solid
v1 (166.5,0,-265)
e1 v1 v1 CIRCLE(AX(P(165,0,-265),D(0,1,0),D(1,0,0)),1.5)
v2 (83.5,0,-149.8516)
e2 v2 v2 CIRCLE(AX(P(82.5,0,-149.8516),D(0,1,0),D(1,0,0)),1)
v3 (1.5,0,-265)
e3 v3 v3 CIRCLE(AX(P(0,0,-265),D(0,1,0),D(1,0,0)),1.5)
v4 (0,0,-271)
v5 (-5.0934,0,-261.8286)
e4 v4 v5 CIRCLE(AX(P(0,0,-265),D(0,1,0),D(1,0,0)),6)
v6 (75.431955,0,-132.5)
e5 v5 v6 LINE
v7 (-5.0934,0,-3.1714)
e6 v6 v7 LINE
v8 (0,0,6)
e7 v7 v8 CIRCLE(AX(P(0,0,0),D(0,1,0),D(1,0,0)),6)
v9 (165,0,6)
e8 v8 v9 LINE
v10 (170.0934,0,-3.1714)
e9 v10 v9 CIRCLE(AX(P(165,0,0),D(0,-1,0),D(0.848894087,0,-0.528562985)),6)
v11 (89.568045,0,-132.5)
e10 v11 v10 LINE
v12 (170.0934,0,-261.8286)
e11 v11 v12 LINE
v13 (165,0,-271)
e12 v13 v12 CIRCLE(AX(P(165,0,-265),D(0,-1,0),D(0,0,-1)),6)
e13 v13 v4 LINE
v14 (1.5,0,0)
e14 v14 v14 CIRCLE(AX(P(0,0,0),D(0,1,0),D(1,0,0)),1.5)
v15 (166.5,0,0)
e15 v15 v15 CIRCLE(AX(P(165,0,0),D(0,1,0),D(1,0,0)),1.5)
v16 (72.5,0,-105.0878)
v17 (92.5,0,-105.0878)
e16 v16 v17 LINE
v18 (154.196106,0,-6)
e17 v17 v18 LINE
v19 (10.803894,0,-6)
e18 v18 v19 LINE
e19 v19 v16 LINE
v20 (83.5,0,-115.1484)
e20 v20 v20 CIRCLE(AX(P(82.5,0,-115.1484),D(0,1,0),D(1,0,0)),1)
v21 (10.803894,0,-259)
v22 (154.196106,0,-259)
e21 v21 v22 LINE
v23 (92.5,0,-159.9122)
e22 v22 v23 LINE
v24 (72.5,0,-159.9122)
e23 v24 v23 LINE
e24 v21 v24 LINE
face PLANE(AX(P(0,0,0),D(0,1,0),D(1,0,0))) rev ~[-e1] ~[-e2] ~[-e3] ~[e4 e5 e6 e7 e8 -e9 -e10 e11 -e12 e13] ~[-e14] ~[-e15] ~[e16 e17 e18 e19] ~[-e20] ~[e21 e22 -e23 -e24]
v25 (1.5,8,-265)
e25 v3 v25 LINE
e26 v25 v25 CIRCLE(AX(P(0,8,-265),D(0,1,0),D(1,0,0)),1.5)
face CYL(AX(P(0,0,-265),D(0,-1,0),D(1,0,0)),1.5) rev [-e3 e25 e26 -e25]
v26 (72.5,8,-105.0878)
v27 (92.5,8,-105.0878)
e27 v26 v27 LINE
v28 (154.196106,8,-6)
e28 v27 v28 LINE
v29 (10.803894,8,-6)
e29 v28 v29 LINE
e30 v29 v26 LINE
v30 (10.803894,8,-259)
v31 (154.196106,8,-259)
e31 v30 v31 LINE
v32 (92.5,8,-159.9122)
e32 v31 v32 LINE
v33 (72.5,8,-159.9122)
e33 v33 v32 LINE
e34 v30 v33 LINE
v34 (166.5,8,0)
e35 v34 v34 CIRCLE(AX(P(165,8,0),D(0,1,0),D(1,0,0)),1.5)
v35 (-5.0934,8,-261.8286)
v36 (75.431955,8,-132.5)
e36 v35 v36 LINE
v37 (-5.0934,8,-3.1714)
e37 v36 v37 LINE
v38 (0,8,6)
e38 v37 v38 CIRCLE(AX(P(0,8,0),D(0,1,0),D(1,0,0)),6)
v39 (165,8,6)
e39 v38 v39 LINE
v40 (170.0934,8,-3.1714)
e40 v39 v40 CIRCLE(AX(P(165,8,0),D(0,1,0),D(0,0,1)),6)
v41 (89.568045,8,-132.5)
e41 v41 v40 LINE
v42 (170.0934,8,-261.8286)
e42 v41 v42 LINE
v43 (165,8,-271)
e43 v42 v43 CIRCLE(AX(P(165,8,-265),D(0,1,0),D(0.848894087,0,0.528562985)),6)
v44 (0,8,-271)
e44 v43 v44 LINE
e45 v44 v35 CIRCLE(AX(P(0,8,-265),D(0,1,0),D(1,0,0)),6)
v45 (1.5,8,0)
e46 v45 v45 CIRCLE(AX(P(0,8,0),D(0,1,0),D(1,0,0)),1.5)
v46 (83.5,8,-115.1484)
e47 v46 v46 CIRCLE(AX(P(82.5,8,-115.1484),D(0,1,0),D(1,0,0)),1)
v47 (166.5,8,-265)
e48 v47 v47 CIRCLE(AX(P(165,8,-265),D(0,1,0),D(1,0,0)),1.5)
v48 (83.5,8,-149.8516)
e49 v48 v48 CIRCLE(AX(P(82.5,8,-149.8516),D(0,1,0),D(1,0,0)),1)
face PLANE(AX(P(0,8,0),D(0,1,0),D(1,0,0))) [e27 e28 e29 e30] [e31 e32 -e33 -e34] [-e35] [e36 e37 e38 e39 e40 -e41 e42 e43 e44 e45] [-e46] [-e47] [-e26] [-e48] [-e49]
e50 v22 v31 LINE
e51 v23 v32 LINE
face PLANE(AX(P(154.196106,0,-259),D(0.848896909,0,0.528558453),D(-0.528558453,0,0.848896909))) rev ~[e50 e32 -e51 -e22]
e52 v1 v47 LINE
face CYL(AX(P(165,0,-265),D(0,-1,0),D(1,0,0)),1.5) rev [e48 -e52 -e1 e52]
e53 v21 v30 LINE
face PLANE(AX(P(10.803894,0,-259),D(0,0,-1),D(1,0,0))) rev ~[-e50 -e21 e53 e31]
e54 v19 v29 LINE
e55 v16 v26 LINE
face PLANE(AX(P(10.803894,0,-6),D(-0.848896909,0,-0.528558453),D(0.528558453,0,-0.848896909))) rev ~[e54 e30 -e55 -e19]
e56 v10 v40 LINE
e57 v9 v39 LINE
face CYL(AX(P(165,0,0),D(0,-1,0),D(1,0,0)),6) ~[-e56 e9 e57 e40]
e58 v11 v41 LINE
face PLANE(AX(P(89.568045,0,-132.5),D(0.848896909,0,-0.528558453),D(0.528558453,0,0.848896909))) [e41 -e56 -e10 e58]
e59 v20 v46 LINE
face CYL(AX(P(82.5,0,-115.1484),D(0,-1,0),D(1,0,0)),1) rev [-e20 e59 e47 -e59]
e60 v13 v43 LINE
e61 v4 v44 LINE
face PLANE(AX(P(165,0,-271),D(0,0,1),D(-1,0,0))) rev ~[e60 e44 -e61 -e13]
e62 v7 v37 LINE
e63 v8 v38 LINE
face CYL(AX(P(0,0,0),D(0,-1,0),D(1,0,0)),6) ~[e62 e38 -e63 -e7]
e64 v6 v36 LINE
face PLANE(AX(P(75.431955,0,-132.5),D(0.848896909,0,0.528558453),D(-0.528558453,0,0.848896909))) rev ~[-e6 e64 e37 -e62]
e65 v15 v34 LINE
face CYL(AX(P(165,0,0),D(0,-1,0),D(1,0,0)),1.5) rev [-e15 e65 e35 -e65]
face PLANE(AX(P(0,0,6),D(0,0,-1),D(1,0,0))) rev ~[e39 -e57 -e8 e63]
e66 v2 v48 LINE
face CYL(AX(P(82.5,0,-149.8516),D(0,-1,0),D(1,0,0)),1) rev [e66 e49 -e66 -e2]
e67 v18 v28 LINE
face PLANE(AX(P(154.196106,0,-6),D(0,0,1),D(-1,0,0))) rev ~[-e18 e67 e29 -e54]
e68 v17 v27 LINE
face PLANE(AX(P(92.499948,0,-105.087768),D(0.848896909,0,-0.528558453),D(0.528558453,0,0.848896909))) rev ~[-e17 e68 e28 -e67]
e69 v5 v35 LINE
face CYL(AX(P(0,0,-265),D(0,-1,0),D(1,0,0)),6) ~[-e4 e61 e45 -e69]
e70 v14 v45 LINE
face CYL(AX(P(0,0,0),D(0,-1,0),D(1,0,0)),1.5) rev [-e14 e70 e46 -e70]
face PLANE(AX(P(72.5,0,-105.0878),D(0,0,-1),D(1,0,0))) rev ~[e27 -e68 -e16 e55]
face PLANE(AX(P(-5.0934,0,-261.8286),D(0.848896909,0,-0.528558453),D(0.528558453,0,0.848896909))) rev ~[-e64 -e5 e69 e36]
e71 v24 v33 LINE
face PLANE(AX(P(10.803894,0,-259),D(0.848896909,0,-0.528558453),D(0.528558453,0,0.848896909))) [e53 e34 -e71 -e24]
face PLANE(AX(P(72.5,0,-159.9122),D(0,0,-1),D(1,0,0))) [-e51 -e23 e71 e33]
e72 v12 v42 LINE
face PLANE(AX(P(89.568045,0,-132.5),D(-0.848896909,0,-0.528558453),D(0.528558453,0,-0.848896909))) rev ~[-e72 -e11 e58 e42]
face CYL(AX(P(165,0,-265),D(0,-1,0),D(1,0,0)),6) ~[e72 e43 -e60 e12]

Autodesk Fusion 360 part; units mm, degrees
sketch "Sketch1" plane through (0, 0, 0) normal (0, 1, 0) x (1, 0, 0)
  circle A0 centre (0, 0) radius 1.5
  circle A1 centre (165, 0) radius 1.5
  circle A2 centre (0, 265) radius 1.5
  circle A3 centre (165, 265) radius 1.5
  line L0 (0, 0) -> (0, 265) construction
  line L1 (0, 0) -> (165, 0) construction
  line L2 (165, 0) -> (165, 265) construction
  line L3 (165, 265) -> (0, 265) construction
  circle A4 centre (0, 0) radius 6
  circle A5 centre (165, 0) radius 6
  circle A6 centre (165, 265) radius 6
  circle A7 centre (0, 265) radius 6
  line L4 (-5.0934, 261.8286) -> (159.9066, -3.1714)
  line L5 (5.0934, 268.1714) -> (170.0934, 3.1714)
  line L6 (5.0934, -3.1714) -> (170.0934, 261.8286)
  line L7 (159.9066, 268.1714) -> (-5.0934, 3.1714)
  line L8 (0, -6) -> (165, -6)
  line L9 (165, 6) -> (0, 6)
  line L10 (165, 271) -> (0, 271)
  line L11 (0, 259) -> (165, 259)
  line L12 (72.5, 105.0878) -> (92.5, 105.0878)
  line L13 (72.5, 159.9122) -> (92.5, 159.9122)
  circle A8 centre (82.5, 115.1484) radius 1
  circle A9 centre (82.5, 149.8516) radius 1
  line L14 (82.5, 149.8516) -> (82.5, 115.1484) construction
  point P0 (82.5, 143.8516)
  point P1 (82.5, 121.1484)
  dimension "d1" = 165
  dimension "d2" = 265
  dimension "d3" = 3
  dimension "d4" = 3
  dimension "d5" = 3
  dimension "d6" = 3
  dimension "d7" = 12
  dimension "d8" = 12
  dimension "d9" = 12
  dimension "d10" = 12
  dimension "d11" = 20
  dimension "d12" = 20
  dimension "d13" = 2
  dimension "d14" = 2
  dimension "d15" = 6
  dimension "d16" = 6
extrude "Extrude1" add sketch "Sketch1" along normal blind 8 contours A4 | A4 L6 L9 | A4 L4 L6 L7 L9 | A4 A5 L4 L6 L8 L9 | L4 L5 L6 L7 | A7 L4 L5 L7 L11 | L4 L6 L12 | A5 L4 L9 | A5 L4 L5 L6 L9 | A5 | A7 | A6 L5 L6 L7 L11 | L5 L7 L13 | A6 A7 L5 L7 L10 L11 | A7 L5 L11 | A6 | A6 L7 L11
equation "d4 = d3"
equation "d5 = d3"
equation "d6 = d3"
equation "d8 = d7"
equation "d9 = d7"
equation "d10 = d7"
equation "d12 = d11"
equation "d14 = d13"
equation "d16 = d15"
